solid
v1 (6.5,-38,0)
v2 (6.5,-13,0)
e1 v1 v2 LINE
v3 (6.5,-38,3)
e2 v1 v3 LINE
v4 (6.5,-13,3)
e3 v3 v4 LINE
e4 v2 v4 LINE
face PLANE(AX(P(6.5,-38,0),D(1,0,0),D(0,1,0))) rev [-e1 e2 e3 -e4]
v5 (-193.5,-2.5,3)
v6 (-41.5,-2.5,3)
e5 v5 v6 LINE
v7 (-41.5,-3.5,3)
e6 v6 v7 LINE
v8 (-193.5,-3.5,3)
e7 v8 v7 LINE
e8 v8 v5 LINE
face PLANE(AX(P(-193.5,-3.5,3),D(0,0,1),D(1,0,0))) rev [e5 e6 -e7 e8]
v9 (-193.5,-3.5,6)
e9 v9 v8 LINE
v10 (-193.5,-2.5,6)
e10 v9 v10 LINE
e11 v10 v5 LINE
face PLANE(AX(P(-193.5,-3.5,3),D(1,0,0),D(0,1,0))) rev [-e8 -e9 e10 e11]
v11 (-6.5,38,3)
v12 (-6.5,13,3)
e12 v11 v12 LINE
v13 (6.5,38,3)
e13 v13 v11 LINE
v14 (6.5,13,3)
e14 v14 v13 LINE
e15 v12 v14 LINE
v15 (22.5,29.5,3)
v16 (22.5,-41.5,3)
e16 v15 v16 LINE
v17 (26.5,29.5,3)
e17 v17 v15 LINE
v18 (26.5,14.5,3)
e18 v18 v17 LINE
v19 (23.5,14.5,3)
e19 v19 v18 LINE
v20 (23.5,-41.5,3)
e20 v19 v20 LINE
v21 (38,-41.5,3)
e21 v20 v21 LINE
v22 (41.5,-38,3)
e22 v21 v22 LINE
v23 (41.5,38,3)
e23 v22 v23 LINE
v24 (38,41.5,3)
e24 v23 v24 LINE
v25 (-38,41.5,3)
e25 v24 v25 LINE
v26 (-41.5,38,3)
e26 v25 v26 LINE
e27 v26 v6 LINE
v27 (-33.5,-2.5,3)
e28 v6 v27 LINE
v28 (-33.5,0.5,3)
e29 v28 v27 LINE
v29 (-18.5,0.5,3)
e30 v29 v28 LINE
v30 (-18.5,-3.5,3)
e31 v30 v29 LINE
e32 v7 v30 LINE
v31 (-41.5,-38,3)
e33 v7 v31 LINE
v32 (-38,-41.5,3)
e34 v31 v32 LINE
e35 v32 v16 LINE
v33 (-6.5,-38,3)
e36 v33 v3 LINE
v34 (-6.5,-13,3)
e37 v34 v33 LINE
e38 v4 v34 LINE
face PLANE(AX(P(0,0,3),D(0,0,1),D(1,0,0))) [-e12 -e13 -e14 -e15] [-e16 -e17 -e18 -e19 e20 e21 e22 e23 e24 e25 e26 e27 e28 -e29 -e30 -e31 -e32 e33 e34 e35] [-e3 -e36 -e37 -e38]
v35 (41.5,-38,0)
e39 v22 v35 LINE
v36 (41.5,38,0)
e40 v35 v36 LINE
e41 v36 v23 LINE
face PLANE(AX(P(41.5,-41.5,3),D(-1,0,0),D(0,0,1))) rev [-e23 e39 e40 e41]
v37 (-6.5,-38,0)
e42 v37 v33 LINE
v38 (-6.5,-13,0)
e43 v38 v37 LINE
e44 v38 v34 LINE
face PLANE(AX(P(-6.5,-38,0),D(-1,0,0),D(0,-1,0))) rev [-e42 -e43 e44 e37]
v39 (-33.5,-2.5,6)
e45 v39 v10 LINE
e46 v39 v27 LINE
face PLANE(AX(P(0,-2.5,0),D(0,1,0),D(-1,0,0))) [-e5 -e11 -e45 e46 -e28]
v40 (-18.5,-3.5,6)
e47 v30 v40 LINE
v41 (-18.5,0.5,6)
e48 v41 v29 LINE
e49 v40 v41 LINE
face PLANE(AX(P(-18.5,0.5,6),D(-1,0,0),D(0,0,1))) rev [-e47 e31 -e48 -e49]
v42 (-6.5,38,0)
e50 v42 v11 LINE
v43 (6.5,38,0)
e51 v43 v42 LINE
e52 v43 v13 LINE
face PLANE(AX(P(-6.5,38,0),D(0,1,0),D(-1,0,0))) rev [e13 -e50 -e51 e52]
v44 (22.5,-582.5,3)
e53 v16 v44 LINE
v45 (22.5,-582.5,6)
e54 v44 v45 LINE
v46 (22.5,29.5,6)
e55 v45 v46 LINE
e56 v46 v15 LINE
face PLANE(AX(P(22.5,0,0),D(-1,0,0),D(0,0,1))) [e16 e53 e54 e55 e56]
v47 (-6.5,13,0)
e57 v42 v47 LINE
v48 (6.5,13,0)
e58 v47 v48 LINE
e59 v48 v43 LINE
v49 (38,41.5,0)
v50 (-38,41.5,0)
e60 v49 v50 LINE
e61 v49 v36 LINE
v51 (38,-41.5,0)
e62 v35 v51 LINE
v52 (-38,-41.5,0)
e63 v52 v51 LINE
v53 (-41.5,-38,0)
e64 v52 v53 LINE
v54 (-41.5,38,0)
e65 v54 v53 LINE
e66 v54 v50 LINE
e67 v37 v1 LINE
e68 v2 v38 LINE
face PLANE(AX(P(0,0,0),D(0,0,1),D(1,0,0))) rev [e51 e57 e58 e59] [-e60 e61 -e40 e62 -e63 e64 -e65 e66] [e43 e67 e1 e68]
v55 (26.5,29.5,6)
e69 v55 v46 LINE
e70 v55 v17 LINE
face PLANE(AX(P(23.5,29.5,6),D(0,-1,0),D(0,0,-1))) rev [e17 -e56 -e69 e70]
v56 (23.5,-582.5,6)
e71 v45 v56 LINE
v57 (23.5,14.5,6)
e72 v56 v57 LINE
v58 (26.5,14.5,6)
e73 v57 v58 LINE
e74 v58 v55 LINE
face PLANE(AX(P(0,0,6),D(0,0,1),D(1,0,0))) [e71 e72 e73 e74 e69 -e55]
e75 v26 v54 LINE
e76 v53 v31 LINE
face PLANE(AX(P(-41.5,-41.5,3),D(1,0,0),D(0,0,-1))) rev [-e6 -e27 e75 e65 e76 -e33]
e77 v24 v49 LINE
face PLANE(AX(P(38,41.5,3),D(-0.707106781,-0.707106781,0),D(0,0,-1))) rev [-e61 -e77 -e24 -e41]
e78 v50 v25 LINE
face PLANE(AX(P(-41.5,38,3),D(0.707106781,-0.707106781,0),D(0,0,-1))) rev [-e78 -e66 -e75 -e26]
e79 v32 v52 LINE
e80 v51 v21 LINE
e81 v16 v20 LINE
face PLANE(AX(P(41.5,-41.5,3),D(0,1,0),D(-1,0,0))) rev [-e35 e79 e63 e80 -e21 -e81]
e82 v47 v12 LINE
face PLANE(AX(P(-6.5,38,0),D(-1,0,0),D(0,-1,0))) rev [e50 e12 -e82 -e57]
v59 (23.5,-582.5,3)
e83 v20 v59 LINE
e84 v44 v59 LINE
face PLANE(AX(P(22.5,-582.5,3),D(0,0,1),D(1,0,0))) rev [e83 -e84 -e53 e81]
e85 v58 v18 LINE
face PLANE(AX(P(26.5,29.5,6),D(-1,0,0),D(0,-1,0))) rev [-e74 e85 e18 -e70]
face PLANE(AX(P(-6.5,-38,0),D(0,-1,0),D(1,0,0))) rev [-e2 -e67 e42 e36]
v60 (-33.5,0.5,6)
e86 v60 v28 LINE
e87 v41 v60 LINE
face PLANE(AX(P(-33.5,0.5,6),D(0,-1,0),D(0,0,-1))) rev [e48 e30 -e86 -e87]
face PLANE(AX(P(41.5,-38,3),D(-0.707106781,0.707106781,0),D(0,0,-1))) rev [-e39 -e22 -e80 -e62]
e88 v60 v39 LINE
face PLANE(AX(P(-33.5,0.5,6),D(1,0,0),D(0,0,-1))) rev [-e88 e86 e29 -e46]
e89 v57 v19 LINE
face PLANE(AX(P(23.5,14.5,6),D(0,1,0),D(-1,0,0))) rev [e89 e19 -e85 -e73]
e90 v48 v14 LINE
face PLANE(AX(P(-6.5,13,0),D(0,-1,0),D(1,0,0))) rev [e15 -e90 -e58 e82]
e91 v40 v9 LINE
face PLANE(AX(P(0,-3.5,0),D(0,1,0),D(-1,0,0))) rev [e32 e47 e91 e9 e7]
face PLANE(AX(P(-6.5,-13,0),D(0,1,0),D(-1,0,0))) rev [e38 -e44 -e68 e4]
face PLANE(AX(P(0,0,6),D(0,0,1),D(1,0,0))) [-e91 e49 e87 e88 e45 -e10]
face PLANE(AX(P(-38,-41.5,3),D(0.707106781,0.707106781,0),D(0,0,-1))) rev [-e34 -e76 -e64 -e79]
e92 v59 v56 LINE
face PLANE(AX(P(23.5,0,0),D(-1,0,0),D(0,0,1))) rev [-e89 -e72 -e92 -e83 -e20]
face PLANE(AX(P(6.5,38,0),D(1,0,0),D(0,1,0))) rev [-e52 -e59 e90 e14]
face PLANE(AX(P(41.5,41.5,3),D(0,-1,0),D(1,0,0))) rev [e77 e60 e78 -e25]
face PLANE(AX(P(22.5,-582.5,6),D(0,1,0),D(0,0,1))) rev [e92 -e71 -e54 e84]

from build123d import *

# Parameters (mm, degrees)
SKETCH1_W           = 83
SKETCH1_H           = 83
BOSS_EXTRUDE1_DEPTH = 3
SKETCH2_W           = 13
SKETCH2_H           = 25
CUT_EXTRUDE1_DEPTH  = 3
CHAMFER1_SIZE       = 3.5
SKETCH3_W           = 15
SKETCH3_H           = 3
SKETCH3_W_2         = 3
SKETCH3_H_2         = 15
BOSS_EXTRUDE2_DEPTH = 3
SKETCH4_W           = 3
SKETCH4_H           = 612
BOSS_EXTRUDE3_DEPTH = 1
SKETCH5_W           = 175
SKETCH5_H           = 3
BOSS_EXTRUDE4_DEPTH = 1


with BuildPart() as part:
    # Sketch1 → Boss-Extrude1 (new body)
    with BuildSketch(Plane.XY):
        Rectangle(SKETCH1_W, SKETCH1_H)
    extrude(amount=BOSS_EXTRUDE1_DEPTH)

    # Sketch2 → Cut-Extrude1 (cut)
    with BuildSketch(Plane.XY.offset(3)):
        with Locations((0, 25.5)):
            Rectangle(SKETCH2_W, SKETCH2_H)
        with Locations((0, -25.5)):
            Rectangle(SKETCH2_W, SKETCH2_H)
    extrude(amount=-CUT_EXTRUDE1_DEPTH, mode=Mode.SUBTRACT)

    # Chamfer1
    chamfer1_edges = [part.edges().sort_by_distance(p)[0] for p in [
        (-41.5, 41.5, 1.5),
        (41.5, 41.5, 1.5),
        (41.5, -41.5, 1.5),
        (-41.5, -41.5, 1.5),
    ]]
    chamfer(chamfer1_edges, length=CHAMFER1_SIZE)

    # Sketch3 → Boss-Extrude2 (add)
    with BuildSketch(Plane.XY.offset(3)):
        with Locations((-26, -1)):
            Rectangle(SKETCH3_W, SKETCH3_H)
        with Locations((25, 22)):
            Rectangle(SKETCH3_W_2, SKETCH3_H_2)
    extrude(amount=BOSS_EXTRUDE2_DEPTH)

    # Sketch4 → Boss-Extrude3 (add)
    with BuildSketch(Plane.ZY.offset(-23.5)):
        with Locations((4.5, -276.5)):
            Rectangle(SKETCH4_W, SKETCH4_H)
    extrude(amount=BOSS_EXTRUDE3_DEPTH)

    # Sketch5 → Boss-Extrude4 (add)
    with BuildSketch(Plane.XZ.offset(2.5)):
        with Locations((-106, 4.5)):
            Rectangle(SKETCH5_W, SKETCH5_H)
    extrude(amount=BOSS_EXTRUDE4_DEPTH)


solid = part.part
